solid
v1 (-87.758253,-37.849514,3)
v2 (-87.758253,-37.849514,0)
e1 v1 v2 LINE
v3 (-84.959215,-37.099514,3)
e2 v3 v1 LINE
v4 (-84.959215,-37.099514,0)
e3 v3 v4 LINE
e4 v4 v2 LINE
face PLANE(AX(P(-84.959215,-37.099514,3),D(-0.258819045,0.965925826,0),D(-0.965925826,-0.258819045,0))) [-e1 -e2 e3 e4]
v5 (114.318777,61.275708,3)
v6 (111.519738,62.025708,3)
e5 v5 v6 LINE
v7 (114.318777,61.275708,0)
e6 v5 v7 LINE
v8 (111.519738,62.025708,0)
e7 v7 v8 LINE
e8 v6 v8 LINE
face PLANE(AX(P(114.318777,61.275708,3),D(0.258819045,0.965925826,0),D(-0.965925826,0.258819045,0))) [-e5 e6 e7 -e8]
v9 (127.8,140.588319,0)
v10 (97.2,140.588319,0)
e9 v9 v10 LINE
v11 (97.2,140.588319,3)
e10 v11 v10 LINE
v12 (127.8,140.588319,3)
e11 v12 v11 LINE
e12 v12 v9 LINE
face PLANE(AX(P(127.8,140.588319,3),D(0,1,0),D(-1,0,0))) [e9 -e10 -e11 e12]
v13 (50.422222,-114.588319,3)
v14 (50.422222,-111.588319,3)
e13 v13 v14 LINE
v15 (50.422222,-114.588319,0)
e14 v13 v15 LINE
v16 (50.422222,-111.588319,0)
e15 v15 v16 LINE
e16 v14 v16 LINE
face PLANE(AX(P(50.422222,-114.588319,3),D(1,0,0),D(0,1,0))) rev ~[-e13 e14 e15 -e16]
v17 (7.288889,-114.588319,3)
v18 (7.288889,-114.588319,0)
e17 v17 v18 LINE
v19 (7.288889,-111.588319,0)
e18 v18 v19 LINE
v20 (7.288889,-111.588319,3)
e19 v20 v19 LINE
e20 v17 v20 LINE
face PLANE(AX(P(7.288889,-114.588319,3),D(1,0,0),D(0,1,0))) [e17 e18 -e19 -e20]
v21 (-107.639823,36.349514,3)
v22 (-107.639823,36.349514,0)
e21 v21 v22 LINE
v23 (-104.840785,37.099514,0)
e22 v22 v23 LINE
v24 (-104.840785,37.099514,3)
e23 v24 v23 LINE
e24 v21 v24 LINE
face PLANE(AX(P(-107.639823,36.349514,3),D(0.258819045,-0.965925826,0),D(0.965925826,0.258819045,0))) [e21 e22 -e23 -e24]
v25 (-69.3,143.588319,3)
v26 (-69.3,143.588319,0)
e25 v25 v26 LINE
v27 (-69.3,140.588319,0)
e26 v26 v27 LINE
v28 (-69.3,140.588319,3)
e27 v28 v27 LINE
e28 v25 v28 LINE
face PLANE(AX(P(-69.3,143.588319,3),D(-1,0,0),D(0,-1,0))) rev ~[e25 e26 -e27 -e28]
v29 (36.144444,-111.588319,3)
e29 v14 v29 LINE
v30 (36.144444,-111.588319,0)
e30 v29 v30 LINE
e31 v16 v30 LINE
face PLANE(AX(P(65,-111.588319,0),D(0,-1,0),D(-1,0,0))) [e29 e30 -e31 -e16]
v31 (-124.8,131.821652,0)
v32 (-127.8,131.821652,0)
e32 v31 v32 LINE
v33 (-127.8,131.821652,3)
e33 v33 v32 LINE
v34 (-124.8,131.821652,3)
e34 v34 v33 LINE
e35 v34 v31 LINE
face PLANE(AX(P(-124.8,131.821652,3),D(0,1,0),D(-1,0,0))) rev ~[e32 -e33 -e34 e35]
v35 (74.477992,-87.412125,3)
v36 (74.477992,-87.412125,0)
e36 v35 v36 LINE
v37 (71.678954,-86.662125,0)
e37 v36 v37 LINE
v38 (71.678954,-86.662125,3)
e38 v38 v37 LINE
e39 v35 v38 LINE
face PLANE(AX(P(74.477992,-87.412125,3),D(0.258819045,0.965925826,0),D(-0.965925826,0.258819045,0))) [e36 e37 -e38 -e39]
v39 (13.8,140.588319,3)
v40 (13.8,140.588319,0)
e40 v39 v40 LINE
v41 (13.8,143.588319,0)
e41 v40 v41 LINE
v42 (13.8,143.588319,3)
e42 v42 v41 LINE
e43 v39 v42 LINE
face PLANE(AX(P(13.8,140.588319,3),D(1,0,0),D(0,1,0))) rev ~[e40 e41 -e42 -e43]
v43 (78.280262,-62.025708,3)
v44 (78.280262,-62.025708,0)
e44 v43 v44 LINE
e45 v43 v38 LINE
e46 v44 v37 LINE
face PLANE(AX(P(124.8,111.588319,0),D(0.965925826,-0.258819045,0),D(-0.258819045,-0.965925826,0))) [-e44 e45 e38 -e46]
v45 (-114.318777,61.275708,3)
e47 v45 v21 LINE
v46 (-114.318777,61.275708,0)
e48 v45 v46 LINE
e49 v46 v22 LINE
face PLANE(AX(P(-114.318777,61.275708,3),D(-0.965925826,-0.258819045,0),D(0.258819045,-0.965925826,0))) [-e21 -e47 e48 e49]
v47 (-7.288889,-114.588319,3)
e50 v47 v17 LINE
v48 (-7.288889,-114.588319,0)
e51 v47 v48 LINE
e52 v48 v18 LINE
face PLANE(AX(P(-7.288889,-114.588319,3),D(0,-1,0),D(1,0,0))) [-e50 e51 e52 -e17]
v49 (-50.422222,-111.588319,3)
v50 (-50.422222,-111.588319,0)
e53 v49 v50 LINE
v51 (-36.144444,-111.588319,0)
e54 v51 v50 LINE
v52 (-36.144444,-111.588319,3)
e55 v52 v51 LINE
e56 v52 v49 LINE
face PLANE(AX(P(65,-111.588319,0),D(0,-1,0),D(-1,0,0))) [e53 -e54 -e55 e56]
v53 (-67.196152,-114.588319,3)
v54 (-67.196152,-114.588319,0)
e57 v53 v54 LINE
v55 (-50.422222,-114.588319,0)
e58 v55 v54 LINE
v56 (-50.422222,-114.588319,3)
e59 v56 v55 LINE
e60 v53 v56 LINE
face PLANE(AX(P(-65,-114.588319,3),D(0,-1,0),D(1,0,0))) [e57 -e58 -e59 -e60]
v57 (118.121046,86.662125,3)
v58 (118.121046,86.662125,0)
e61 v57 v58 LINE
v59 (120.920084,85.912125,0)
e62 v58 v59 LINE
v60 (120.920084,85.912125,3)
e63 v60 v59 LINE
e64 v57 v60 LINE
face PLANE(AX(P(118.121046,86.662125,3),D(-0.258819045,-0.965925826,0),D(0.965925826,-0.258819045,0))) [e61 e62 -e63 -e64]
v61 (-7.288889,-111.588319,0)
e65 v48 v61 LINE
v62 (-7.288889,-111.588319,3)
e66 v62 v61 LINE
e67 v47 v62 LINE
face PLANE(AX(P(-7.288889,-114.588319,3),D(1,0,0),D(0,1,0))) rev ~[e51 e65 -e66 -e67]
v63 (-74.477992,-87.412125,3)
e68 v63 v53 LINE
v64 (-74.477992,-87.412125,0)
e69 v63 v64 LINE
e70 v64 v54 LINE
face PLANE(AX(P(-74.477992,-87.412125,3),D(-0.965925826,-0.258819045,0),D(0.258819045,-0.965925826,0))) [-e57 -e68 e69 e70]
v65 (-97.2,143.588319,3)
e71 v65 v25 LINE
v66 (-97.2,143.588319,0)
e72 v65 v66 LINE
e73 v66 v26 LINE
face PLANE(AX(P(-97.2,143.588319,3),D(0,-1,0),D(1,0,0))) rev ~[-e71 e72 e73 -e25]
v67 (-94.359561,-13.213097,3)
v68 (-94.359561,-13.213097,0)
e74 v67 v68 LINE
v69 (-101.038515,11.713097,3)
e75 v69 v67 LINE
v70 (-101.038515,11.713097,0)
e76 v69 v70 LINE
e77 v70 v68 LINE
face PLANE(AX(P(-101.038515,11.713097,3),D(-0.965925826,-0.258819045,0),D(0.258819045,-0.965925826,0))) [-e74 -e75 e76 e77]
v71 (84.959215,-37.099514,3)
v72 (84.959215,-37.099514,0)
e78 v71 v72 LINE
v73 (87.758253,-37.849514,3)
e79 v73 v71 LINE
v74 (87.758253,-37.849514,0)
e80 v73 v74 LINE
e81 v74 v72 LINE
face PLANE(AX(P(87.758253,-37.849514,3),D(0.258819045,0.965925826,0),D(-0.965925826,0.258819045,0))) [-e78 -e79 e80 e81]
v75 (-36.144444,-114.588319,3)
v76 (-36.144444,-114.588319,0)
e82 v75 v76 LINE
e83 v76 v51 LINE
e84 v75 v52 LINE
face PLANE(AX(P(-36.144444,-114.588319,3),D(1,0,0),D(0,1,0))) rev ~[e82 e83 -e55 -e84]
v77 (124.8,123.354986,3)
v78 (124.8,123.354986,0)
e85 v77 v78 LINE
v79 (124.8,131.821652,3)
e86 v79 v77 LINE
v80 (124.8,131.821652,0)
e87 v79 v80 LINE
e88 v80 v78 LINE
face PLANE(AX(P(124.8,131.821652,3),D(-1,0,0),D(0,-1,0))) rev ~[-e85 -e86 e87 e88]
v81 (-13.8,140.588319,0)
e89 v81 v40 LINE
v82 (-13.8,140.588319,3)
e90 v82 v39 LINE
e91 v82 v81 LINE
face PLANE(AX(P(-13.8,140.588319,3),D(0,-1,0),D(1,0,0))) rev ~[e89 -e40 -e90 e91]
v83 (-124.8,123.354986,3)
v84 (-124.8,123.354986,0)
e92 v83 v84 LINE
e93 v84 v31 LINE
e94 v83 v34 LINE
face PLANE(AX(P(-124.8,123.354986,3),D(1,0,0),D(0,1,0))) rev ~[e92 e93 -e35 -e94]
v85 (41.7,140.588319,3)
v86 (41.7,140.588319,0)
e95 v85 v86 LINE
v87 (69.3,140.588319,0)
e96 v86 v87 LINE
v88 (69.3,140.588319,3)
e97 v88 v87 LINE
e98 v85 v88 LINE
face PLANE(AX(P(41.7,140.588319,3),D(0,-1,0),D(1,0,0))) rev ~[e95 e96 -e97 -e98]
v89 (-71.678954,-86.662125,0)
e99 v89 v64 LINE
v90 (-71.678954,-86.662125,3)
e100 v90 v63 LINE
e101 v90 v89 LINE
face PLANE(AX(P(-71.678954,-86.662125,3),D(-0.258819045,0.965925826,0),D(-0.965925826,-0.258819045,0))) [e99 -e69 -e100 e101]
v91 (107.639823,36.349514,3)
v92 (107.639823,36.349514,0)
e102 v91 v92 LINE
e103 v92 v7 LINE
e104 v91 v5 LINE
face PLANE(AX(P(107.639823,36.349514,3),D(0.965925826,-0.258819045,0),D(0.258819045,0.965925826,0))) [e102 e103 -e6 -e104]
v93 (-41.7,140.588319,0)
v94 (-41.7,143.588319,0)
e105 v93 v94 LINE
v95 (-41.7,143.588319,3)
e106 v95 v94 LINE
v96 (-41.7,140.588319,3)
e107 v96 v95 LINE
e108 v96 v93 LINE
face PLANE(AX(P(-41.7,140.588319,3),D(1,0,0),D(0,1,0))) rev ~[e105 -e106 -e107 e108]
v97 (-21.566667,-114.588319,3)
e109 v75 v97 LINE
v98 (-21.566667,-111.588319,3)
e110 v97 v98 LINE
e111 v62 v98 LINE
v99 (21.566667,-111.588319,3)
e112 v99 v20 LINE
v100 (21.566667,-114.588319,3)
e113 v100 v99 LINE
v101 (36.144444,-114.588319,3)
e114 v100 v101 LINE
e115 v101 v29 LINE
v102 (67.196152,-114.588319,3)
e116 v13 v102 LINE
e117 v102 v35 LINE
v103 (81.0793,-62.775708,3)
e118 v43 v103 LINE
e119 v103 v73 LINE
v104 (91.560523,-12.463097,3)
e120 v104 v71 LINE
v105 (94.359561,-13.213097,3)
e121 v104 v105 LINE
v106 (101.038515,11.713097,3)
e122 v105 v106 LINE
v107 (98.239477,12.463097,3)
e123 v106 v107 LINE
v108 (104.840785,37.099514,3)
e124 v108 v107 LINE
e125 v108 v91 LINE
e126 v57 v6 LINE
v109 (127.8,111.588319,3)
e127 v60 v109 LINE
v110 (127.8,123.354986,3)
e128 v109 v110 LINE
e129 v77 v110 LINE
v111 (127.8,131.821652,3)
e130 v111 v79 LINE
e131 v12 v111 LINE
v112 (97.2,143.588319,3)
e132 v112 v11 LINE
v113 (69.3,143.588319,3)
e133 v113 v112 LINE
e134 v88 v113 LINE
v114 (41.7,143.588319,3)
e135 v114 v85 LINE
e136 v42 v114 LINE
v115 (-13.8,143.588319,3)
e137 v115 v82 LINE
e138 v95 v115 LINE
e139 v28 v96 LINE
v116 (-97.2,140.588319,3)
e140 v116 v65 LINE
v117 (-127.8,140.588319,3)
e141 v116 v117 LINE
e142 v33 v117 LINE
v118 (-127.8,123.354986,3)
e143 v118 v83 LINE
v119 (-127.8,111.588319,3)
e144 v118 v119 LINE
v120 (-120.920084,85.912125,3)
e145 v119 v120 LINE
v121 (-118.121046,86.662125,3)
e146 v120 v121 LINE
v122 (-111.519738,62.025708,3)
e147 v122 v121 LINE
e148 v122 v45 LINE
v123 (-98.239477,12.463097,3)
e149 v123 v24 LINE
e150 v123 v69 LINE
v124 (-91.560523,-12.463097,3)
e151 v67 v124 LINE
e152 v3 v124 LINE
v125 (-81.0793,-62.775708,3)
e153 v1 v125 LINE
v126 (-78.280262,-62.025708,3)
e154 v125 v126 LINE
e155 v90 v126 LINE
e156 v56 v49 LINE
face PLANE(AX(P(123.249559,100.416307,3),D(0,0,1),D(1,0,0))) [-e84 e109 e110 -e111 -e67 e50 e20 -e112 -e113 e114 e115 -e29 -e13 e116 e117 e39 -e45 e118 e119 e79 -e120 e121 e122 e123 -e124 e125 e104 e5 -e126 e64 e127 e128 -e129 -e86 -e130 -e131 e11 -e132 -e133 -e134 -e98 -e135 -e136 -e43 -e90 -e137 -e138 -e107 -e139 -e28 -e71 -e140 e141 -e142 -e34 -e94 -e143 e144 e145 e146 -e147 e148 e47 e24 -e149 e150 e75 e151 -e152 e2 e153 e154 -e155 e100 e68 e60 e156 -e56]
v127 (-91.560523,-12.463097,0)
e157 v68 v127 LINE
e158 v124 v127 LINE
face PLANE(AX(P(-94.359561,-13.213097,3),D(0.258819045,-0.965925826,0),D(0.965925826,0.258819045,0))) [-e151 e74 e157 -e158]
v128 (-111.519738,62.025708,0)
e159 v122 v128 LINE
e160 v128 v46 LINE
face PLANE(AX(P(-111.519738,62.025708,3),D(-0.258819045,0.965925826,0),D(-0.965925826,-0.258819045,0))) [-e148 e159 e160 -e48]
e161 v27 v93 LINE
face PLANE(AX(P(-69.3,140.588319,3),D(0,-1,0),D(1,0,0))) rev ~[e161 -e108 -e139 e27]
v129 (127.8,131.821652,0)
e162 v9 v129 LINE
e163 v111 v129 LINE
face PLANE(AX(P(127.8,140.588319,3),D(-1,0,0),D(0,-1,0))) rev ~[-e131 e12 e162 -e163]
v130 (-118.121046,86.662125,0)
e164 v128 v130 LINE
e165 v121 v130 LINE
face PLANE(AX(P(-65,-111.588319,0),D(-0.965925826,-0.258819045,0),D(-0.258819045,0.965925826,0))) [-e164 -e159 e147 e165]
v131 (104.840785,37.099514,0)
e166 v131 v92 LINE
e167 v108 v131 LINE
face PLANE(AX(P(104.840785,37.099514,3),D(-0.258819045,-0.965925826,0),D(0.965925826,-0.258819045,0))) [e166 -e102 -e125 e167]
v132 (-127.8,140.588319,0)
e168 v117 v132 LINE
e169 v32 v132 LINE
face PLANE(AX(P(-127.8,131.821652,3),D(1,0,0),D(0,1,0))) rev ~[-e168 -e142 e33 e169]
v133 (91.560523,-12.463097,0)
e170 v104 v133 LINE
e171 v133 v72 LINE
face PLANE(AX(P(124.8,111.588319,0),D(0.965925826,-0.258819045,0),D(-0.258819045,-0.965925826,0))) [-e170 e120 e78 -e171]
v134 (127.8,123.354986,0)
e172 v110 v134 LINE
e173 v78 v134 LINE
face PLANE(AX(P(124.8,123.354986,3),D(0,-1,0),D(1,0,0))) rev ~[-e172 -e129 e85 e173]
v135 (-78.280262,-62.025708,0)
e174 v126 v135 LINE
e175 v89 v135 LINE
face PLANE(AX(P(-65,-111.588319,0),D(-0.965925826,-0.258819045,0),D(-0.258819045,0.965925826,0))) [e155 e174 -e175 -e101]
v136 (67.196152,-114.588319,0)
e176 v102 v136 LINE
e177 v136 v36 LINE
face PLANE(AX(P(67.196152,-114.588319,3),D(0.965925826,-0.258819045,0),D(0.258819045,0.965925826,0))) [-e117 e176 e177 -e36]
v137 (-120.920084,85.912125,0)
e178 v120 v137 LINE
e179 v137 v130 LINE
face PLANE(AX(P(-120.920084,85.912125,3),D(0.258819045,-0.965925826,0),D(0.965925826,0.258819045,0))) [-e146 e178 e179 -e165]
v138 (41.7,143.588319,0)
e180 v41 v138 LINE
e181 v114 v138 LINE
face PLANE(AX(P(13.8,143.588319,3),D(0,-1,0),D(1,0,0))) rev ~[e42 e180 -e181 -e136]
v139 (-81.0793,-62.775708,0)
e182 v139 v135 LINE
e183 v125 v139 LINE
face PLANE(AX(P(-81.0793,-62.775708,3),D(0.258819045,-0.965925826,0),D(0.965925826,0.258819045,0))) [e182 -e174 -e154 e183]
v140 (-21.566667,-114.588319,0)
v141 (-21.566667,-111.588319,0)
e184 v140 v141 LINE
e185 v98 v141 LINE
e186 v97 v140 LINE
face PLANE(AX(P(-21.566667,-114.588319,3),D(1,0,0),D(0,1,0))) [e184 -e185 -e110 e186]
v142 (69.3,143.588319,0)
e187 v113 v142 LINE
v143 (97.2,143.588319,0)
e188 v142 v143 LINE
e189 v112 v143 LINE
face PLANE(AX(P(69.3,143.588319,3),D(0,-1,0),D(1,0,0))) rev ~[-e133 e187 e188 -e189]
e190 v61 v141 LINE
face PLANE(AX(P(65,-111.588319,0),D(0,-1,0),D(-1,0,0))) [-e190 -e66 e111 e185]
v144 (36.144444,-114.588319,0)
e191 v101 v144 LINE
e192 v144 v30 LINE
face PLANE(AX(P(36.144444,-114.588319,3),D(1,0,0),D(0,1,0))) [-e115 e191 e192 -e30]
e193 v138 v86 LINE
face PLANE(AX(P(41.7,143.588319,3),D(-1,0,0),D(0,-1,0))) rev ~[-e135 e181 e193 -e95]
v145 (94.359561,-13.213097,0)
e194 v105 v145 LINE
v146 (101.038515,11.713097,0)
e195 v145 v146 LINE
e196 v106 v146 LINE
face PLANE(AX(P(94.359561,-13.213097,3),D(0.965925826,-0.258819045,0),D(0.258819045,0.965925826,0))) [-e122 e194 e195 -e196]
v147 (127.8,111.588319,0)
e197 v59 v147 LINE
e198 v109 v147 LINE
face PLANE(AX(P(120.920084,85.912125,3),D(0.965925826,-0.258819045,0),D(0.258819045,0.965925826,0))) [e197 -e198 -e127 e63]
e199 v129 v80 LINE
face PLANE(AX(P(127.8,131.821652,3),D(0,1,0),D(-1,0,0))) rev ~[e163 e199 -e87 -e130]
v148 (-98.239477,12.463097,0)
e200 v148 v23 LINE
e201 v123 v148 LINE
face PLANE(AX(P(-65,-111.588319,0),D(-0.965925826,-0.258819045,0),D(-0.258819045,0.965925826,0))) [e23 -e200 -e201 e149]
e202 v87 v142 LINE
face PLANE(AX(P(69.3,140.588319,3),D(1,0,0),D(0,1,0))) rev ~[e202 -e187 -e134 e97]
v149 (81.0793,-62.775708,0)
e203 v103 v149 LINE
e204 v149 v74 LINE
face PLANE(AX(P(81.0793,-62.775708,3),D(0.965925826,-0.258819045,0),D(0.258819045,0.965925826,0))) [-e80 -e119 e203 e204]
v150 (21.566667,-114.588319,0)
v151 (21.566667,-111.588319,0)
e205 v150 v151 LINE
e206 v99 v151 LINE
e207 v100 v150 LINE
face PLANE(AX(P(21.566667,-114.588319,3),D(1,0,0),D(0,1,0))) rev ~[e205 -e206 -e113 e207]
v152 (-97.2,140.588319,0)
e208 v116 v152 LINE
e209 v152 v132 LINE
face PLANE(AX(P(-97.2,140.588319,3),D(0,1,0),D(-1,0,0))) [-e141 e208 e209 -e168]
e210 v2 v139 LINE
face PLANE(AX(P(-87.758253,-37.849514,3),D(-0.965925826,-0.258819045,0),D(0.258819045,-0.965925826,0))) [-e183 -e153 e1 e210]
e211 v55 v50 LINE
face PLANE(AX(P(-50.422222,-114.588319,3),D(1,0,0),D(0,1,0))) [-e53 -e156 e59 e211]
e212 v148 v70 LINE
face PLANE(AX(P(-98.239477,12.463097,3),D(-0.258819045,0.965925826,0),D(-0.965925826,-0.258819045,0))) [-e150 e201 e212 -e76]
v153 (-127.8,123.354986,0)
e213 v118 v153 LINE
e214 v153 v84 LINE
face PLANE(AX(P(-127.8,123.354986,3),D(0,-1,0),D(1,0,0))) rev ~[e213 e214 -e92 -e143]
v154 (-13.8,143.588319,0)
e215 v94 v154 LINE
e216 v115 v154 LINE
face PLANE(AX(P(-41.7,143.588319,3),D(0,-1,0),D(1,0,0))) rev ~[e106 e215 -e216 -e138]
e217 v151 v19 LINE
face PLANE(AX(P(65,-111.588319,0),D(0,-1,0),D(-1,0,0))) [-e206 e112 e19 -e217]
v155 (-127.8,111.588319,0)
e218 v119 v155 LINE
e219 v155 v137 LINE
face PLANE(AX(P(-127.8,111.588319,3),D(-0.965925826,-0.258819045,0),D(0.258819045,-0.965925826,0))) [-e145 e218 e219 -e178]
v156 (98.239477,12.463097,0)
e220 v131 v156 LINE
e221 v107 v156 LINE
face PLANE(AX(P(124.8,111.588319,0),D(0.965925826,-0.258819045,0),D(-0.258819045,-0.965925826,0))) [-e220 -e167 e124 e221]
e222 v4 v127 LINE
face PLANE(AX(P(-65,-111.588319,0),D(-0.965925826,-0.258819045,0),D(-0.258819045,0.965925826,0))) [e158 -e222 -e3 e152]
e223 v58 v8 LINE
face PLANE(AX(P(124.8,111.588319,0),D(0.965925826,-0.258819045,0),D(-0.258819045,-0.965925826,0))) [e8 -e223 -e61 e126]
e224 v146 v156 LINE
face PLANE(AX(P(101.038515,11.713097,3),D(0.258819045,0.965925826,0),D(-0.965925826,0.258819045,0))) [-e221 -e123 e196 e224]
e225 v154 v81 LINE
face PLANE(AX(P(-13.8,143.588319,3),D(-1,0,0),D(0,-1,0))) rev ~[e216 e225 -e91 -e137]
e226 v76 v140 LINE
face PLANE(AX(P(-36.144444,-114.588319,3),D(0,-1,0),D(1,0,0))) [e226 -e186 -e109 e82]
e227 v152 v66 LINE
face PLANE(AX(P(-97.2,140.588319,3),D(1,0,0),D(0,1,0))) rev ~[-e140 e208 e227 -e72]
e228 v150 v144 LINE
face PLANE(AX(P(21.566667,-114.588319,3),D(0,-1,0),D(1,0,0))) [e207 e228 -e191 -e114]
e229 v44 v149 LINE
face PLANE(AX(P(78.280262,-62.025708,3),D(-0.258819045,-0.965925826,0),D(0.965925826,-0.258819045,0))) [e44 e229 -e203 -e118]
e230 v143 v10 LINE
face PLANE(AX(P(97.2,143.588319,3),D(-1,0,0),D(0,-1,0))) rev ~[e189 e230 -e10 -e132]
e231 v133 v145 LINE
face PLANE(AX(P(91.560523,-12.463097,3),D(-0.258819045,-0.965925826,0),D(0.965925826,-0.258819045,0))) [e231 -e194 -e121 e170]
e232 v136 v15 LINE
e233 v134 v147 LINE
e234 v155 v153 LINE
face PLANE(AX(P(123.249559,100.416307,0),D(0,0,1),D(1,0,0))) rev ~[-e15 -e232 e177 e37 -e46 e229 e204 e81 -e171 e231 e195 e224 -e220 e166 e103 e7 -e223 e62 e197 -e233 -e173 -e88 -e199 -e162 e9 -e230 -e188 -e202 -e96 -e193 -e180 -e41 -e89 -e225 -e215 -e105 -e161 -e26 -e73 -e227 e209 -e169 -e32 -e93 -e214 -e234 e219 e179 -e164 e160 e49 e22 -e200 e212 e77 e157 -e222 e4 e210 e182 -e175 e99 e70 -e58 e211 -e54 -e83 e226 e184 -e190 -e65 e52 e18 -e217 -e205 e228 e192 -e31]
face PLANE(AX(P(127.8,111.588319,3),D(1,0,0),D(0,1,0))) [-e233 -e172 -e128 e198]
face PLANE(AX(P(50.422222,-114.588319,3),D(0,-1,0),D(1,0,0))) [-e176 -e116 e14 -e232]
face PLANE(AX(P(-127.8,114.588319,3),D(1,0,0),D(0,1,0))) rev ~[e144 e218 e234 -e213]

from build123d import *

# Parameters (mm, degrees)
BOSS_EXTRUDE1_DEPTH = 3
SKETCH2_W           = 249.6
SKETCH2_H           = 3
SKETCH2_W_2         = 14.577777778
SKETCH2_W_3         = 14.577777777
BOSS_EXTRUDE2_DEPTH = 3
BOSS_EXTRUDE5_DEPTH = 3
BOSS_EXTRUDE4_DEPTH = 3


with BuildPart() as part:
    # Sketch1 → Boss-Extrude1 (new body)
    with BuildSketch(Plane.XY):
        Polygon((-124.8, 111.588319146), (124.8, 111.588319146), (65, -111.588319146), (-65, -111.588319146), align=None)
    extrude(amount=BOSS_EXTRUDE1_DEPTH)

    # Sketch2 → Boss-Extrude2 (add, through all)
    with BuildSketch(Plane.XY.offset(3)):
        with Locations((0, 113.088319146)):
            Rectangle(SKETCH2_W, SKETCH2_H)
        with Locations((-57.711111111, -113.088319146)):
            Rectangle(SKETCH2_W_2, SKETCH2_H)
        with Locations((-28.855555556, -113.088319146)):
            Rectangle(SKETCH2_W_3, SKETCH2_H)
        with Locations((0, -113.088319146)):
            Rectangle(SKETCH2_W_2, SKETCH2_H)
        with Locations((28.855555556, -113.088319146)):
            Rectangle(SKETCH2_W_3, SKETCH2_H)
        with Locations((57.711111111, -113.088319146)):
            Rectangle(SKETCH2_W_2, SKETCH2_H)
    extrude(amount=-BOSS_EXTRUDE2_DEPTH)

    # Sketch4 → Boss-Extrude5 (add, through all)
    with BuildSketch(Plane.XY.offset(3)):
        Polygon((-124.8, 140.588319146), (-97.2, 140.588319146), (-97.2, 143.588319146), (-69.3, 143.588319146), (-69.3, 140.588319146), (-41.7, 140.588319146), (-41.7, 143.588319146), (-13.8, 143.588319146), (-13.8, 140.588319146), (13.8, 140.588319146), (13.8, 143.588319146), (41.7, 143.588319146), (41.7, 140.588319146), (69.3, 140.588319146), (69.3, 143.588319146), (97.2, 143.588319146), (97.2, 140.588319146), (124.8, 140.588319146), (127.8, 140.588319146), (127.8, 131.82165248), (124.8, 131.82165248), (124.8, 123.354985813), (127.8, 123.354985813), (127.8, 114.588319146), (124.8, 114.588319146), (-124.8, 114.588319146), (-127.8, 114.588319146), (-127.8, 123.354985813), (-124.8, 123.354985813), (-124.8, 131.82165248), (-127.8, 131.82165248), (-127.8, 140.588319146), align=None)
    extrude(amount=-BOSS_EXTRUDE5_DEPTH)

    # Sketch3 → Boss-Extrude4 (add, through all)
    with BuildSketch(Plane.XY.offset(3)):
        Polygon((127.8, 114.588319146), (124.8, 114.588319146), (124.8, 111.588319146), (118.12104635, 86.662124781), (120.920084455, 85.912124781), (127.8, 111.588319146), align=None)
        Polygon((74.477991756, -87.412124781), (71.67895365, -86.662124781), (65, -111.588319146), (65, -114.588319146), (67.196152423, -114.588319146), align=None)
        Polygon((87.758253344, -37.849513799), (84.959215238, -37.099513799), (78.280261587, -62.025708164), (81.079299693, -62.775708164), align=None)
        Polygon((101.038514931, 11.713097182), (98.239476825, 12.463097182), (91.560523175, -12.463097182), (94.35956128, -13.213097182), align=None)
        Polygon((114.318776518, 61.275708164), (111.519738413, 62.025708164), (104.840784762, 37.099513799), (107.639822868, 36.349513799), align=None)
        Polygon((-65, -111.588319146), (-71.67895365, -86.662124781), (-74.477991756, -87.412124781), (-67.196152423, -114.588319146), (-65, -114.588319146), align=None)
        Polygon((-78.280261587, -62.025708164), (-84.959215238, -37.099513799), (-87.758253344, -37.849513799), (-81.079299693, -62.775708164), align=None)
        Polygon((-91.560523175, -12.463097182), (-98.239476825, 12.463097182), (-101.038514931, 11.713097182), (-94.35956128, -13.213097182), align=None)
        Polygon((-104.840784762, 37.099513799), (-111.519738413, 62.025708164), (-114.318776518, 61.275708164), (-107.639822868, 36.349513799), align=None)
        Polygon((-127.8, 111.588319146), (-120.920084455, 85.912124781), (-118.12104635, 86.662124781), (-124.8, 111.588319146), (-124.8, 114.588319146), (-127.8, 114.588319146), align=None)
    extrude(amount=-BOSS_EXTRUDE4_DEPTH)


solid = part.part
